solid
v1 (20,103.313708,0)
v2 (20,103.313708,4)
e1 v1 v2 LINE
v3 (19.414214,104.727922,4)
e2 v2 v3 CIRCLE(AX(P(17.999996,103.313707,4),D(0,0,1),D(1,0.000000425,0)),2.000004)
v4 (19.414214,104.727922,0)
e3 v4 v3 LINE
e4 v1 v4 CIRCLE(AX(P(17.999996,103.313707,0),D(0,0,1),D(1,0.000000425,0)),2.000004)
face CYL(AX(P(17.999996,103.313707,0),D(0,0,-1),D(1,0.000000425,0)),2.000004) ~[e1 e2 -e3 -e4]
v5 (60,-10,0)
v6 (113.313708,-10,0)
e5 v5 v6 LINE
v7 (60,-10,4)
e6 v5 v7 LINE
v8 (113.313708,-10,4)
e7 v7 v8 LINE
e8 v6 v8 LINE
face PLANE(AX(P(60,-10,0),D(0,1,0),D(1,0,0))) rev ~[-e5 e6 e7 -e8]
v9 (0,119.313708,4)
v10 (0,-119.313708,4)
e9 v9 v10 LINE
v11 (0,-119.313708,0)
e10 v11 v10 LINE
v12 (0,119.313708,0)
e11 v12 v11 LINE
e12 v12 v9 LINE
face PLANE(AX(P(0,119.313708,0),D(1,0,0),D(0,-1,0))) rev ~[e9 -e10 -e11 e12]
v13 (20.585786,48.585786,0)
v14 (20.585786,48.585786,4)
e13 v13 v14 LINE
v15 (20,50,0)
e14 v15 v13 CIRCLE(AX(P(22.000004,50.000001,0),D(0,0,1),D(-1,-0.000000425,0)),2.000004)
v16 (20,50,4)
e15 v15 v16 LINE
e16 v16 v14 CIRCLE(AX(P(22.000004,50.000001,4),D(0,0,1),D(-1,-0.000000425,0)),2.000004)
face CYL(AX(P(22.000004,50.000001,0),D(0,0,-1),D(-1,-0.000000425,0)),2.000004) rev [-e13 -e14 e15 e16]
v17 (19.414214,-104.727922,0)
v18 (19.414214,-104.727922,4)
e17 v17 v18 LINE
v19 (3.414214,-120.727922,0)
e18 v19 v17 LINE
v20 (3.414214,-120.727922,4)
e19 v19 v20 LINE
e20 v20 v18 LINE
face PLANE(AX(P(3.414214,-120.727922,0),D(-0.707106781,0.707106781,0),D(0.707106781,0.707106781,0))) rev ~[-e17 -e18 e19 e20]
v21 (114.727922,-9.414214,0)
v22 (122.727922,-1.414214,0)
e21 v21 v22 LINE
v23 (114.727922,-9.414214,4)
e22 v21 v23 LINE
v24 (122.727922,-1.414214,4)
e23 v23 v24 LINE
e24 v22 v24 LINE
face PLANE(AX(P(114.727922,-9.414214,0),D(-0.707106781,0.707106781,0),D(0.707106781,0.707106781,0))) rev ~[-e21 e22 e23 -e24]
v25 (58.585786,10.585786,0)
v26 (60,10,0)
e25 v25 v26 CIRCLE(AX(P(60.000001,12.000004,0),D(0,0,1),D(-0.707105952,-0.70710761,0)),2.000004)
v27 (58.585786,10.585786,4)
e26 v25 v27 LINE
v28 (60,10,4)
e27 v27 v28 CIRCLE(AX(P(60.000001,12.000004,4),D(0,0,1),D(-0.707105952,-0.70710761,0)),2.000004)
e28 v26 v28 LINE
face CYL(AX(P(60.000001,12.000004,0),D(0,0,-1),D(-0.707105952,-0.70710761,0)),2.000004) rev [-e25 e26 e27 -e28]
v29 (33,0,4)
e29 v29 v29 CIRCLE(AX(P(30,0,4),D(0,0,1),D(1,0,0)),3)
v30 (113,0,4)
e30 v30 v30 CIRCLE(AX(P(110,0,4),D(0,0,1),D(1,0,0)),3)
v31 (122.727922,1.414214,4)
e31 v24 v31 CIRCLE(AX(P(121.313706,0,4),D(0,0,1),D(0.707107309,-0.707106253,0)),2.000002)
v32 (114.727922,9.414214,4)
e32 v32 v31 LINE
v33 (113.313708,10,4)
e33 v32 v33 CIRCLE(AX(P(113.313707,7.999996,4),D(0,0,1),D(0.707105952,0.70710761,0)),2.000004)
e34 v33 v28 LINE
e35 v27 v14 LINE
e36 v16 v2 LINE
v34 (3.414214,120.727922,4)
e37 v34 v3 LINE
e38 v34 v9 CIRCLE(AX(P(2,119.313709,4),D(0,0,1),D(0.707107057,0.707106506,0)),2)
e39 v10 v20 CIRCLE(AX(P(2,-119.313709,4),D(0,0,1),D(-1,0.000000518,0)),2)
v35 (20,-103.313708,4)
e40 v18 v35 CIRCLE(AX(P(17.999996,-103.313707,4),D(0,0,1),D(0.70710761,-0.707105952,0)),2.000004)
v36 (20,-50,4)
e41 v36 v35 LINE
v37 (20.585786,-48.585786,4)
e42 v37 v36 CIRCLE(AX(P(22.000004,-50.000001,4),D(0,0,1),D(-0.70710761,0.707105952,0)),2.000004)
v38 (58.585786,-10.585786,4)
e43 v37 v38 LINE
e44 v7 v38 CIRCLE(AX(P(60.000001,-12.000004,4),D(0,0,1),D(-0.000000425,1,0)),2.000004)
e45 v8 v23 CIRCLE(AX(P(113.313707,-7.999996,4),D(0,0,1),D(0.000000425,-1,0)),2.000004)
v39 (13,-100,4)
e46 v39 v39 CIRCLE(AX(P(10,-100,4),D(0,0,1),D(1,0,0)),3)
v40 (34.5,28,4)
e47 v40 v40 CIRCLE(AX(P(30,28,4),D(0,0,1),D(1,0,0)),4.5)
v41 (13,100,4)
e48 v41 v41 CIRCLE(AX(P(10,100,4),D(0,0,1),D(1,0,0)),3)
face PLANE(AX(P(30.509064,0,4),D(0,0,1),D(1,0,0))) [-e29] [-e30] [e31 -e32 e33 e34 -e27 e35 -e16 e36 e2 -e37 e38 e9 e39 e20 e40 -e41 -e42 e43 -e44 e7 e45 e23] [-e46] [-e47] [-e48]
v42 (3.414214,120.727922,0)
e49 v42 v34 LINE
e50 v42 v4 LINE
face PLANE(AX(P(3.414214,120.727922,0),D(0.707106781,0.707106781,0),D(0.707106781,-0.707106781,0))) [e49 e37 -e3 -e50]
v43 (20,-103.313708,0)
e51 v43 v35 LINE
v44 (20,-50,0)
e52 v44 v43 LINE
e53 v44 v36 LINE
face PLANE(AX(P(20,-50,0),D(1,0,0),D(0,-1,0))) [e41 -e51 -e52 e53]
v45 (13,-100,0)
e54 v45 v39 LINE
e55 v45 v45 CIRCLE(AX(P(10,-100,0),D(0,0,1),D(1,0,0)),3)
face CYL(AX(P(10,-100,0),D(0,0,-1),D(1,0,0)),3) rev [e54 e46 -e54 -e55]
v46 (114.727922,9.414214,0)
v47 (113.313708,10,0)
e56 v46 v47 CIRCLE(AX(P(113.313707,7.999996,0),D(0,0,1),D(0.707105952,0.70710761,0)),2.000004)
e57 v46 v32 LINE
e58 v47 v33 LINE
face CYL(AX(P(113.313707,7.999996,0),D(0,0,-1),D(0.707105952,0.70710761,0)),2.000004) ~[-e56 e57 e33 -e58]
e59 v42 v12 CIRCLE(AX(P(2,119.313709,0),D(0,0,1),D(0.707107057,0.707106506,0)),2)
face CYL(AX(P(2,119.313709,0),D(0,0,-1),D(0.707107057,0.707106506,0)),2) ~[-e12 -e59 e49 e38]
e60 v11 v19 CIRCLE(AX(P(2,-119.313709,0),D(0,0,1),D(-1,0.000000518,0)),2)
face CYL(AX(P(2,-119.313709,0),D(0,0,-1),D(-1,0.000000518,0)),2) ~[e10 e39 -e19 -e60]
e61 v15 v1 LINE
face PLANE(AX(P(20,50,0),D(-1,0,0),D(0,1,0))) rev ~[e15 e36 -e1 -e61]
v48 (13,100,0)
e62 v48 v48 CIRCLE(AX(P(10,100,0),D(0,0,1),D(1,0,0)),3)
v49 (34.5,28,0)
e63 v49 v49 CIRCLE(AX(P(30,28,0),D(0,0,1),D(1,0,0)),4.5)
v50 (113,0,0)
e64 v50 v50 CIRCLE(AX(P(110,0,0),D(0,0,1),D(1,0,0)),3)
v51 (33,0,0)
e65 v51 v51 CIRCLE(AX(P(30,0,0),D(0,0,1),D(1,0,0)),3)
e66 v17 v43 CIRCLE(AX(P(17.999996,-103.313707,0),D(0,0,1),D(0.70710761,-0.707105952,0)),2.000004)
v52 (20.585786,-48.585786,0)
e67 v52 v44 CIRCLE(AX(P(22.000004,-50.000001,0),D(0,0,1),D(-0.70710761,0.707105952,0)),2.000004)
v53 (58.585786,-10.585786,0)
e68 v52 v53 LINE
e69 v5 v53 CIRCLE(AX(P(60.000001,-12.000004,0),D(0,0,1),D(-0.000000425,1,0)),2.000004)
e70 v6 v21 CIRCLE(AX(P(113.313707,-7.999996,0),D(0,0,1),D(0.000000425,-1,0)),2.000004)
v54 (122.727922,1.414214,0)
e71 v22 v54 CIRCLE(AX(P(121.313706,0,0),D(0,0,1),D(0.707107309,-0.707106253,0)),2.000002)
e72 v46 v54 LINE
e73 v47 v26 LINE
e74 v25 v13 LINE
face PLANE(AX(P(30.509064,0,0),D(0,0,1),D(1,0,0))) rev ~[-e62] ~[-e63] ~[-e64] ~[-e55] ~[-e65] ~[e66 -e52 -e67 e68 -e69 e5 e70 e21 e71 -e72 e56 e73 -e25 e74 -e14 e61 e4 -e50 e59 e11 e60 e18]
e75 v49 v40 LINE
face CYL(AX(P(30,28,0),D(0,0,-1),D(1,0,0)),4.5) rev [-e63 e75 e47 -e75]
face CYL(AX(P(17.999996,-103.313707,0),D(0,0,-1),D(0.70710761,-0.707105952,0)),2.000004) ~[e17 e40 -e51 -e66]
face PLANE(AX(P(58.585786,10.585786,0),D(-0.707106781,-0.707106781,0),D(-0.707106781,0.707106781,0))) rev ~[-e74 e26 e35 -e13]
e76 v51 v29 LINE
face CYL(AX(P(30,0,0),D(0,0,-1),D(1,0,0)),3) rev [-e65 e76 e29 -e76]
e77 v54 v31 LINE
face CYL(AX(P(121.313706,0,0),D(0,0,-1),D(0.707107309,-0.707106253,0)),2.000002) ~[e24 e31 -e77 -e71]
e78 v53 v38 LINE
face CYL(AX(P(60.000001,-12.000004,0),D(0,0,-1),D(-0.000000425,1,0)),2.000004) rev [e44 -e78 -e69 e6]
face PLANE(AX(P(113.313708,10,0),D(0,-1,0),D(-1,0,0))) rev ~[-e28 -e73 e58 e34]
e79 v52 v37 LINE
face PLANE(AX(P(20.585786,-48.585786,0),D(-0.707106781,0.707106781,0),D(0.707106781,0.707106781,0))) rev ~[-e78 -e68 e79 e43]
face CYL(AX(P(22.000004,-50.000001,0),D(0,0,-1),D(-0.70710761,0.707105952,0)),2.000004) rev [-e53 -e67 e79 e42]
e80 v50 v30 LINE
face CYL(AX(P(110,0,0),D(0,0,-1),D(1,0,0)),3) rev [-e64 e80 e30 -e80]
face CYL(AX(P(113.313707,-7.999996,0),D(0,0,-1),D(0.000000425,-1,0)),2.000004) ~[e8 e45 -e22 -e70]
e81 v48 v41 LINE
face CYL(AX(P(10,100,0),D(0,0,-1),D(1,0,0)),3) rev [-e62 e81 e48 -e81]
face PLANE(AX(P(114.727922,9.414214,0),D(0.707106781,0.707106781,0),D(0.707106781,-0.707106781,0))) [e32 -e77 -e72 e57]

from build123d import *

# Parameters (mm, degrees)
SKETCH_R   = 3
SKETCH_R_2 = 4.5
PAD_DEPTH  = 4


with BuildPart() as part:
    # Sketch → Pad (new body)
    with BuildSketch(Plane.XY):
        with BuildLine():
            Line((0, 119.313708), (0, -119.313708))
            ThreePointArc((0, -119.313708), (1.234633, -121.161468), (3.414214, -120.727922))
            Line((3.414214, -120.727922), (19.414214, -104.727922))
            ThreePointArc((19.414214, -104.727922), (19.847759, -104.079075), (20, -103.313708))
            Line((20, -50), (20, -103.313708))
            ThreePointArc((20.585786, -48.585786), (20.152241, -49.234633), (20, -50))
            Line((20.585786, -48.585786), (58.585786, -10.585786))
            ThreePointArc((60, -10), (59.234633, -10.152241), (58.585786, -10.585786))
            Line((60, -10), (113.313708, -10))
            ThreePointArc((113.313708, -10), (114.079075, -9.847759), (114.727922, -9.414214))
            Line((114.727922, -9.414214), (122.727922, -1.414214))
            ThreePointArc((122.727922, -1.414214), (123.313708, 0), (122.727922, 1.414214))
            Line((114.727922, 9.414214), (122.727922, 1.414214))
            ThreePointArc((114.727922, 9.414214), (114.079075, 9.847759), (113.313708, 10))
            Line((113.313708, 10), (60, 10))
            ThreePointArc((58.585786, 10.585786), (59.234633, 10.152241), (60, 10))
            Line((58.585786, 10.585786), (20.585786, 48.585786))
            ThreePointArc((20, 50), (20.152241, 49.234633), (20.585786, 48.585786))
            Line((20, 50), (20, 103.313708))
            ThreePointArc((20, 103.313708), (19.847759, 104.079075), (19.414214, 104.727922))
            Line((3.414214, 120.727922), (19.414214, 104.727922))
            ThreePointArc((3.414214, 120.727922), (1.234633, 121.161468), (0, 119.313708))
        make_face()
        with Locations((10, -100)):
            Circle(SKETCH_R, mode=Mode.SUBTRACT)
        with Locations((10, 100)):
            Circle(SKETCH_R, mode=Mode.SUBTRACT)
        with Locations((110, 0)):
            Circle(SKETCH_R, mode=Mode.SUBTRACT)
        with Locations((30, 0)):
            Circle(SKETCH_R, mode=Mode.SUBTRACT)
        with Locations((30, 28)):
            Circle(SKETCH_R_2, mode=Mode.SUBTRACT)
    extrude(amount=PAD_DEPTH)


solid = part.part
